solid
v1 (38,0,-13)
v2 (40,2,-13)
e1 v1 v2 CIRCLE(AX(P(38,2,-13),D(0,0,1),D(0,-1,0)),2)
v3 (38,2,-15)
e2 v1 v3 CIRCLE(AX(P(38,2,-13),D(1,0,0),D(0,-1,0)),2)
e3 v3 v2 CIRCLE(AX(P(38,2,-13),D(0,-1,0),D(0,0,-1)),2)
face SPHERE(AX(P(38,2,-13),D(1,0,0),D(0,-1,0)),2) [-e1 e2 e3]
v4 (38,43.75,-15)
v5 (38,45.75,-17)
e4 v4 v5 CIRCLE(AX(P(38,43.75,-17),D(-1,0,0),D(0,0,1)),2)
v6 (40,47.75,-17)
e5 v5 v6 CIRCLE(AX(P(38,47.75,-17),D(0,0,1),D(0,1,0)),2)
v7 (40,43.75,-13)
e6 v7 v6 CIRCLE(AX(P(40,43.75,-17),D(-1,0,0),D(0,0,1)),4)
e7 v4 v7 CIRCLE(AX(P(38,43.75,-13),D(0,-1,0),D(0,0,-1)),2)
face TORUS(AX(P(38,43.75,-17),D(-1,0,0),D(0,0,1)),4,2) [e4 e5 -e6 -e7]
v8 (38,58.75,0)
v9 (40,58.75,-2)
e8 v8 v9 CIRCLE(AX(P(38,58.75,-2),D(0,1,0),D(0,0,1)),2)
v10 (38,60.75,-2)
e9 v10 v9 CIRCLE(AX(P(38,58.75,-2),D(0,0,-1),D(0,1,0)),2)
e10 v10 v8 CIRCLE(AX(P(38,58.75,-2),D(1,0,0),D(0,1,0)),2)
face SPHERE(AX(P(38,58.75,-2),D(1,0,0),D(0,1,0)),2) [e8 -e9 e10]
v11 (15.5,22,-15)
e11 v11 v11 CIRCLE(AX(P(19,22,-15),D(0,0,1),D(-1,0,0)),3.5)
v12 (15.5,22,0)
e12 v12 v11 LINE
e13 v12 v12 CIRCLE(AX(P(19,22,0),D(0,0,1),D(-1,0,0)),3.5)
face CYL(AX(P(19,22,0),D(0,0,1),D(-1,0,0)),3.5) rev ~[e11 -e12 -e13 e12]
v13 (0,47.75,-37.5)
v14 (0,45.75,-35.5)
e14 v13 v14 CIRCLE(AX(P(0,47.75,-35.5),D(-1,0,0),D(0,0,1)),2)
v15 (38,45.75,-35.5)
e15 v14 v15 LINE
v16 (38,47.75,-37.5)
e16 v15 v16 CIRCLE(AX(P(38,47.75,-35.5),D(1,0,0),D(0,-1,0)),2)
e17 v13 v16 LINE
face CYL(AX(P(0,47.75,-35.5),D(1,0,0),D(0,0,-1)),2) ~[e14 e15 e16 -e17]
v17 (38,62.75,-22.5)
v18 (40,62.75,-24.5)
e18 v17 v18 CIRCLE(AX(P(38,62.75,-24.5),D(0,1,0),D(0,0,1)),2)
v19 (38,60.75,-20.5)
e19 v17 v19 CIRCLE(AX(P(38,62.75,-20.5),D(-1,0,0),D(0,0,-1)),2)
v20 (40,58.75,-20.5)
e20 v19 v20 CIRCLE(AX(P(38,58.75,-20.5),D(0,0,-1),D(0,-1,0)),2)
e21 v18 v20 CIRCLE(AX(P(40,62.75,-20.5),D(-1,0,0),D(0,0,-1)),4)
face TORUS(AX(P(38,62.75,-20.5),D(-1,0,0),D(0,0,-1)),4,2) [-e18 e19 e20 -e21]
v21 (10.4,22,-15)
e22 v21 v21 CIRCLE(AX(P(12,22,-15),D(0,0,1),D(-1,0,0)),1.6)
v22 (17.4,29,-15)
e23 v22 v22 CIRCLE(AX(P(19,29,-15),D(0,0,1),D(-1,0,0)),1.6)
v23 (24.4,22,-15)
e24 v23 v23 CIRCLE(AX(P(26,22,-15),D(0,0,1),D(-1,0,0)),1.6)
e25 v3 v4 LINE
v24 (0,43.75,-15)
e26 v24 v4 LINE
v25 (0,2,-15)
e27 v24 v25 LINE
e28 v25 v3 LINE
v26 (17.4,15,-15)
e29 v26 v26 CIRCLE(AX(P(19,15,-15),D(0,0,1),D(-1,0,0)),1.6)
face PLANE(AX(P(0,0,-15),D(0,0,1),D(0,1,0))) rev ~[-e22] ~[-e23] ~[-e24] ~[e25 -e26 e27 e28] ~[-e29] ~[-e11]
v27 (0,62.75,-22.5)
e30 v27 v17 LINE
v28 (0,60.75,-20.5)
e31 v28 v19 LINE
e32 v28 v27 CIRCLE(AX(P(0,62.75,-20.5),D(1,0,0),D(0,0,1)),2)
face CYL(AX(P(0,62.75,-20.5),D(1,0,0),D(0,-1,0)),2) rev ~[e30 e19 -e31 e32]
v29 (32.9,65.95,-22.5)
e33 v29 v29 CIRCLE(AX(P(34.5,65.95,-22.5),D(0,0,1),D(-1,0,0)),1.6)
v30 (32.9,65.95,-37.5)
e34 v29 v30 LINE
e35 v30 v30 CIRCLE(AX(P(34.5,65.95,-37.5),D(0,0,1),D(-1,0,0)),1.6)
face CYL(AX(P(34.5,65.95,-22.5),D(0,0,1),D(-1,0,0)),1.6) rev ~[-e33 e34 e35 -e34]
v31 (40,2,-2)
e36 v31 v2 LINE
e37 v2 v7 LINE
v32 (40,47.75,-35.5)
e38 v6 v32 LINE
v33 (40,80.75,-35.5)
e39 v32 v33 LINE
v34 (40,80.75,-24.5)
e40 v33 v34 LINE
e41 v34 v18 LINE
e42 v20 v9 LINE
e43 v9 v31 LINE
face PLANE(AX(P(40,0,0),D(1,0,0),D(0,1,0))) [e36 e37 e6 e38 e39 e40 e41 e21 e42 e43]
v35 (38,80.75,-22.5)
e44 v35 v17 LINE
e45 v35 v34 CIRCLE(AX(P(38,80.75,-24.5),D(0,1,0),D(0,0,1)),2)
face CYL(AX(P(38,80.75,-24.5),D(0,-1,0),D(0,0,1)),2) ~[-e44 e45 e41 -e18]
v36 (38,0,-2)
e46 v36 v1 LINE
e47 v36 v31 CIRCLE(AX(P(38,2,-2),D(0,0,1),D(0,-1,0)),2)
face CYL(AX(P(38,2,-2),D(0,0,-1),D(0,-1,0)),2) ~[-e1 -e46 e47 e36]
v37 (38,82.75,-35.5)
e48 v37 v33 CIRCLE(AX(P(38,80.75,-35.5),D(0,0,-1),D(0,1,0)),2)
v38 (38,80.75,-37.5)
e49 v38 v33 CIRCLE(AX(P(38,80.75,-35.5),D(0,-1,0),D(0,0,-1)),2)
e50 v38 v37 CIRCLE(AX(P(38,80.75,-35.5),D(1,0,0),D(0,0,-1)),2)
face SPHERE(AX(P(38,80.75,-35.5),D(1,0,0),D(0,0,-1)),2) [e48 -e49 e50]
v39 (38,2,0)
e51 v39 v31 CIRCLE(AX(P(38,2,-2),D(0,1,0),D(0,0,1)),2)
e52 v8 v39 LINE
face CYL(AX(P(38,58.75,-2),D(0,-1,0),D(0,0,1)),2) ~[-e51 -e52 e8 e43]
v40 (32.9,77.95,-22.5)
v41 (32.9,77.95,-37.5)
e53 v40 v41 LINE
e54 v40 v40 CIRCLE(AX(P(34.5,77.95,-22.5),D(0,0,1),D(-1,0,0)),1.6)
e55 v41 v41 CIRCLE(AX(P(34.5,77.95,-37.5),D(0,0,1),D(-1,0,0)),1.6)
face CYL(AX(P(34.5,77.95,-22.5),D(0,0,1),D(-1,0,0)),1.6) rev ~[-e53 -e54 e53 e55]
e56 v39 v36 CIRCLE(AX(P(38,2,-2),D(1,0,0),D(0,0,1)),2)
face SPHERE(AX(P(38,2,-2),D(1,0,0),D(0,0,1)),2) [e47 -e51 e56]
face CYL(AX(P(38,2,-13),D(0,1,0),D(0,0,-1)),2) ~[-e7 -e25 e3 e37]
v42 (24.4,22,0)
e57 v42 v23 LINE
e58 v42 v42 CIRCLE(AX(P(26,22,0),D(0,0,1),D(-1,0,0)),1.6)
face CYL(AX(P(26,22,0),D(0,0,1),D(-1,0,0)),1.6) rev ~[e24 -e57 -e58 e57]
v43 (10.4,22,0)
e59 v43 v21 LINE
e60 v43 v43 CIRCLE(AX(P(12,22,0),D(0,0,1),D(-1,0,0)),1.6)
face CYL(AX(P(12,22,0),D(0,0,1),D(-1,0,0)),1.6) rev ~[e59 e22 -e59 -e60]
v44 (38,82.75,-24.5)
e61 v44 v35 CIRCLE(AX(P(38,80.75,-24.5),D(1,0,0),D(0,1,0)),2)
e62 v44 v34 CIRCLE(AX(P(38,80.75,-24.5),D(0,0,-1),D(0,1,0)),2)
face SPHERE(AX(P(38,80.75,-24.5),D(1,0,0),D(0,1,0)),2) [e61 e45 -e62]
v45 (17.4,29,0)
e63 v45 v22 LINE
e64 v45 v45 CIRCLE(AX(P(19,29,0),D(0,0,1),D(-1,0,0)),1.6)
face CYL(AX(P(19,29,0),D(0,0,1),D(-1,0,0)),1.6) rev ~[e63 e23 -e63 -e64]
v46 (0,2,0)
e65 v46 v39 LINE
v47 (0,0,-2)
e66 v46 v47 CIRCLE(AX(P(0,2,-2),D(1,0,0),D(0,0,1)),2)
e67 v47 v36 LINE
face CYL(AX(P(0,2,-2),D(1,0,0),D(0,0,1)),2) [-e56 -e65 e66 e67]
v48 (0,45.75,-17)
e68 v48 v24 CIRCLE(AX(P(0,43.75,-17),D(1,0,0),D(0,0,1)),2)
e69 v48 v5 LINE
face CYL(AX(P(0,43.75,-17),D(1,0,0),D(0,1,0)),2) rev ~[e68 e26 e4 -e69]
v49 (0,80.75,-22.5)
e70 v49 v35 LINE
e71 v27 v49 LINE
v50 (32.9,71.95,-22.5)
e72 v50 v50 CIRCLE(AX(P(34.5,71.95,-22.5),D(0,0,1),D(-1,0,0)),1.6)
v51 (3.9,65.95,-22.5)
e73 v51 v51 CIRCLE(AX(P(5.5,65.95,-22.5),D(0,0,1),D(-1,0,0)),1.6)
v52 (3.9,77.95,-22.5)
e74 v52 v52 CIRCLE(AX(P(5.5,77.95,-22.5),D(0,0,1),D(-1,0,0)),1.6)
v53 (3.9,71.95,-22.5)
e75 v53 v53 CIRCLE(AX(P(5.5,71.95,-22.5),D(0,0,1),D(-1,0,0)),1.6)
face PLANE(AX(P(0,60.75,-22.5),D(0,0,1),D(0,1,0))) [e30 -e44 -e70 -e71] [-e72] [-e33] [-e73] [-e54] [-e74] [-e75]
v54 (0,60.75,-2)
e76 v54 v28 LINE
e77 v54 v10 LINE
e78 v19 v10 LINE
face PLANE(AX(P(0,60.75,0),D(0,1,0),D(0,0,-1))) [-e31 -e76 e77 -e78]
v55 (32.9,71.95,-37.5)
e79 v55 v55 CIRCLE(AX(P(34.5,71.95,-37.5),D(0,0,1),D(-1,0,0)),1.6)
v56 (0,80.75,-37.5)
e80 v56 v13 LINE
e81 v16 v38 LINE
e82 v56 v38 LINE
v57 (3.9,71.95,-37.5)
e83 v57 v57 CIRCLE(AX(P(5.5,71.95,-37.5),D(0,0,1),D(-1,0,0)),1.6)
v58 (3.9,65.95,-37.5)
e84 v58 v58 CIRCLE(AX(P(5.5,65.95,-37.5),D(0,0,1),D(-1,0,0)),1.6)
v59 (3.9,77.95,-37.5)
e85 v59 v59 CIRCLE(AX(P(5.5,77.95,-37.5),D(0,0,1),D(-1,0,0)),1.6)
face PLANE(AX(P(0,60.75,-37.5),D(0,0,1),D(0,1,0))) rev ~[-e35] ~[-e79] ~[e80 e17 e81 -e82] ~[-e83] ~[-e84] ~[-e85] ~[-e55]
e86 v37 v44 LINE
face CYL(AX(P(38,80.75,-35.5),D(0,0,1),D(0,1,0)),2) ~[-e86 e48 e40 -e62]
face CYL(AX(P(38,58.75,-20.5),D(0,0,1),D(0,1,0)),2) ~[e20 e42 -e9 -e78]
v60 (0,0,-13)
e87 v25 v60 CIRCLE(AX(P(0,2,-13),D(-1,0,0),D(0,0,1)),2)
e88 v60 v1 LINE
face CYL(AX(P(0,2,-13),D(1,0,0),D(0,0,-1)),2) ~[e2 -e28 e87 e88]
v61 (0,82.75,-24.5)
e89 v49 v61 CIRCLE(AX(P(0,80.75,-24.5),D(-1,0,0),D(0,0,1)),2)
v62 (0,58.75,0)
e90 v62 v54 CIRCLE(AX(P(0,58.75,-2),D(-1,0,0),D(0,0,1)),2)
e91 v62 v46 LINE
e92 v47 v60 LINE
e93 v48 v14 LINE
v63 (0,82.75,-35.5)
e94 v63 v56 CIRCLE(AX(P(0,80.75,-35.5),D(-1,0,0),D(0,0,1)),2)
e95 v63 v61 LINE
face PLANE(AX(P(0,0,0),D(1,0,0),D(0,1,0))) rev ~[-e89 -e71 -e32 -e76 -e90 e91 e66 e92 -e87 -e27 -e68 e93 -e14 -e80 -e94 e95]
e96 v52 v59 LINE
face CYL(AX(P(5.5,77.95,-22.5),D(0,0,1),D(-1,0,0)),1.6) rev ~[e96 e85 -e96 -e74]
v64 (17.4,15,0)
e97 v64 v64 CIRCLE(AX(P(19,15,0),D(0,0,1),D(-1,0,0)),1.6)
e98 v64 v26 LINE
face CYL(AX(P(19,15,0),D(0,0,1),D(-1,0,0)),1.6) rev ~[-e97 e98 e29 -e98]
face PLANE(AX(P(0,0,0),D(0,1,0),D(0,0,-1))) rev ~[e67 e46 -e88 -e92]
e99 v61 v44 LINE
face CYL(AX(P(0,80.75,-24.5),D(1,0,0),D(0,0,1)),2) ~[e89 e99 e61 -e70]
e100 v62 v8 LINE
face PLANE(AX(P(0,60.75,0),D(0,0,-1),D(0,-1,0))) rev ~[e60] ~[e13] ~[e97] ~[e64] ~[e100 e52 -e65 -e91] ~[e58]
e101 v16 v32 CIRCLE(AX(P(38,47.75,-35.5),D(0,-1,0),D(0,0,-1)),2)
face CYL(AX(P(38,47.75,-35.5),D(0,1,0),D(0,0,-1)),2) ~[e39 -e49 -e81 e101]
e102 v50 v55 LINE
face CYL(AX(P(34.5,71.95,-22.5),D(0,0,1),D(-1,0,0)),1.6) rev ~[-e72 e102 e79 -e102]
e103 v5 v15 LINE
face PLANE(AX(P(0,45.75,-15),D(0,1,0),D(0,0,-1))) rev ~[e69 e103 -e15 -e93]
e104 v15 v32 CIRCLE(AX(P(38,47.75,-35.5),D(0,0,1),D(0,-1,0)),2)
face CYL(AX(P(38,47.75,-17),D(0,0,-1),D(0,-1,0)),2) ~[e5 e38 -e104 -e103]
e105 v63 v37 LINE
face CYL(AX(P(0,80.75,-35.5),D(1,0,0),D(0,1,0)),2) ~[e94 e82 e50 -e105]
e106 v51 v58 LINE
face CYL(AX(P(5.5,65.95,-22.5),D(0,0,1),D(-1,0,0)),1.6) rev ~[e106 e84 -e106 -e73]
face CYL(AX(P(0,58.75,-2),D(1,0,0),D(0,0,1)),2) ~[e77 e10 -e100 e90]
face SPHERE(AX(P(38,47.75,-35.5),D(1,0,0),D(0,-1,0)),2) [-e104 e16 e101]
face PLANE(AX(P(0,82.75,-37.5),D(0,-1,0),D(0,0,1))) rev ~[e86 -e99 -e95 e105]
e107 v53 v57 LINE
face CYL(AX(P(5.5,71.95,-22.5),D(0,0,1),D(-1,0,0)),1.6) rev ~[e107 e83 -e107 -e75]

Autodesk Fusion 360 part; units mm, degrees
sketch "Sketch1" plane through (0, 0, 0) normal (1, 0, 0) x (0, 1, 0)
  line L0 (0, 0) -> (0, -15)
  line L1 (0, -15) -> (30, -15)
  line L2 (30, -15) -> (45.75, -15)
  line L3 (60.75, -15) -> (60.75, -22.5)
  line L4 (60.75, -37.5) -> (82.75, -37.5)
  line L5 (82.75, -37.5) -> (82.75, -22.5)
  line L6 (60.75, 0) -> (0, 0)
  line L7 (45.75, -15) -> (45.75, -37.5)
  line L8 (45.75, -37.5) -> (60.75, -37.5)
  line L9 (60.75, 0) -> (60.75, -15)
  line L10 (60.75, -22.5) -> (82.75, -22.5)
  dimension "d1" = 15
  dimension "d2" = 30
  dimension "d3" = 30.75
  dimension "d4" = 22.5
  dimension "d5" = 22
  dimension "d6" = 15
  dimension "d8" = 15
  dimension "d9" = 15
extrude "Extrude1" add sketch "Sketch1" along normal blind 40
sketch "Sketch2" plane through (0, 0, -22.5) normal (0, 0, 1) x (-1, 0, 0)
  line L0 (0, -82.75) -> (0, -60.75)
  line L1 (0, -60.75) -> (-40, -60.75)
  line L2 (-40, -60.75) -> (-40, -82.75)
  line L3 (-40, -82.75) -> (0, -82.75)
  line L4 (-40, -82.75) -> (-34.9, -82.75) construction
  line L5 (-20, -82.75) -> (-20, -60.75) construction
  line L6 (-20, -77.95) -> (-5.5, -77.95) construction
  circle A0 centre (-5.5, -77.95) radius 1.6
  circle A1 centre (-5.5, -71.95) radius 1.6
  circle A2 centre (-5.5, -65.95) radius 1.6
  circle A3 centre (-34.5, -77.95) radius 1.6
  circle A4 centre (-34.5, -71.95) radius 1.6
  circle A5 centre (-34.5, -65.95) radius 1.6
  dimension "d40" = 3.2
  dimension "d41" = 3.2
  dimension "d42" = 3.2
fillet "Fillet1" radius 2 8 edges at (20, 0, 0) (20, 0, -15) (20, 60.75, 0) (20, 60.75, -22.5) (20, 82.75, -22.5) (20, 82.75, -37.5) (20, 45.75, -37.5) (20, 45.75, -15)
fillet "Fillet2" radius 2 16 edges at (40, 0.5858, -0.5858) (40, 0, -7.5) (40, 0.5858, -14.4142) (40, 22.875, -15) (40, 45.1642, -15.5858) (40, 45.75, -26.25) (40, 46.3358, -36.9142) (40, 64.25, -37.5) (40, 82.1642, -36.9142) (40, 82.75, -30) (40, 82.1642, -23.0858) (40, 71.75, -22.5) (40, 61.3358, -21.9142) (40, 60.75, -11.25) (40, 60.1642, -0.5858) (40, 30.375, 0)
sketch "Sketch3" plane through (0, 0, 0) normal (0, 0, 1) x (-1, 0, 0)
  line L0 (-38, -2) -> (-38, -58.75)
  line L1 (-38, -58.75) -> (0, -58.75)
  line L2 (0, -58.75) -> (0, -2)
  line L3 (0, -2) -> (-38, -2)
  circle A0 centre (-19, -11.5) radius 0.8
  line L4 (-19, -22) -> (-19, -14.5) construction
  circle A1 centre (-30.6913, -28.75) radius 0.8
  circle A2 centre (-12.5048, -25.75) radius 0.8
  circle A3 centre (-35.5, -22) radius 0.8
  circle A4 centre (-19, -5.5) radius 0.8
  circle A5 centre (-33.2894, -13.75) radius 0.8
  circle A6 centre (-19, -32.5) radius 0.8
  circle A7 centre (-28.0933, -27.25) radius 0.8
  circle A8 centre (-12.5048, -18.25) radius 0.8
  circle A9 centre (-32.5, -22) radius 0.8
  line L5 (-19, 19.2574) -> (-19, -41.0839) construction
  circle A10 centre (-25.4952, -18.25) radius 0.8
  circle A11 centre (-2.5, -22) radius 0.8
  line L6 (-19, -22) -> (-19, -5.5) construction
  circle A12 centre (-9.9067, -16.75) radius 0.8
  circle A13 centre (-30.6913, -15.25) radius 0.8
  circle A14 centre (-8.5, -22) radius 0.8
  circle A15 centre (-7.3087, -28.75) radius 0.8
  circle A16 centre (-28.0933, -16.75) radius 0.8
  circle A17 centre (-19, -38.5) radius 0.8
  line L7 (-19, -22) -> (-19, -8.5) construction
  circle A18 centre (-19, -29.5) radius 0.8
  line L8 (-19, -22) -> (-19, -11.5) construction
  circle A19 centre (-5.5, -22) radius 0.8
  circle A20 centre (-19, -35.5) radius 0.8
  circle A21 centre (-11.5, -22) radius 0.8
  circle A22 centre (-29.5, -22) radius 0.8
  circle A23 centre (-19, -22) radius 19
  circle A24 centre (-4.7106, -30.25) radius 0.8
  circle A25 centre (-33.2894, -30.25) radius 0.8
  circle A26 centre (-19, -14.5) radius 0.8
  circle A27 centre (-25.4952, -25.75) radius 0.8
  circle A28 centre (-9.9067, -27.25) radius 0.8
  circle A29 centre (-26.5, -22) radius 0.8
  circle A30 centre (-7.3087, -15.25) radius 0.8
  circle A31 centre (-4.7106, -13.75) radius 0.8
  circle A32 centre (-19, -8.5) radius 0.8
  line L9 (0, -2) -> (-19, -2) construction
  line L10 (-19, -2) -> (-19, -22) construction
  point P0 (-19, -22)
  dimension "d25" = 360
  dimension "d27" = 90
  dimension "d28" = 38
  dimension "d29" = 7.5
  dimension "d30" = 1.6
  dimension "d31" = 10.5
  dimension "d32" = 1.6
  dimension "d33" = 13.5
  dimension "d34" = 1.6
  dimension "d35" = 16.5
  dimension "d36" = 1.6
  dimension "d37" = 20
extrude "Extrude4" cut sketch "Sketch2" against normal through all contours A0 | A1 | A2 | A3 | A4 | A5
sketch "Sketch4" plane through (0, 0, 0) normal (0, 0, 1) x (-1, 0, 0)
  line L0 (-38, -2) -> (-38, -58.75)
  line L1 (-38, -58.75) -> (0, -58.75)
  line L2 (0, -58.75) -> (0, -2)
  line L3 (0, -2) -> (-38, -2)
  line L4 (-19, -2) -> (-19, -22) construction
  circle A0 centre (-19, -22) radius 19
  line L5 (-19, -22) -> (-19, -29) construction
  circle A1 centre (-19, -29) radius 1.6
  circle A2 centre (-12, -22) radius 1.6
  circle A3 centre (-19, -15) radius 1.6
  circle A4 centre (-26, -22) radius 1.6
  circle A5 centre (-19, -22) radius 3.5
  dimension "d44" = 20
  dimension "d45" = 38
  dimension "d46" = 7
  dimension "d47" = 3.2
  dimension "d49" = 360
  dimension "d50" = 7
extrude "Extrude5" cut sketch "Sketch4" against normal through all contours A1 | A2 | A3 | A4 | A5
equation "d29 = ( 15 / 2 ) * 1 mm"
equation "d31 = ( 21 / 2 ) * 1 mm"
equation "d33 = ( 27 / 2 ) * 1 mm"
equation "d35 = ( 33 / 2 ) * 1 mm"
equation "d46 = ( 14 / 2 ) * 1 mm"
